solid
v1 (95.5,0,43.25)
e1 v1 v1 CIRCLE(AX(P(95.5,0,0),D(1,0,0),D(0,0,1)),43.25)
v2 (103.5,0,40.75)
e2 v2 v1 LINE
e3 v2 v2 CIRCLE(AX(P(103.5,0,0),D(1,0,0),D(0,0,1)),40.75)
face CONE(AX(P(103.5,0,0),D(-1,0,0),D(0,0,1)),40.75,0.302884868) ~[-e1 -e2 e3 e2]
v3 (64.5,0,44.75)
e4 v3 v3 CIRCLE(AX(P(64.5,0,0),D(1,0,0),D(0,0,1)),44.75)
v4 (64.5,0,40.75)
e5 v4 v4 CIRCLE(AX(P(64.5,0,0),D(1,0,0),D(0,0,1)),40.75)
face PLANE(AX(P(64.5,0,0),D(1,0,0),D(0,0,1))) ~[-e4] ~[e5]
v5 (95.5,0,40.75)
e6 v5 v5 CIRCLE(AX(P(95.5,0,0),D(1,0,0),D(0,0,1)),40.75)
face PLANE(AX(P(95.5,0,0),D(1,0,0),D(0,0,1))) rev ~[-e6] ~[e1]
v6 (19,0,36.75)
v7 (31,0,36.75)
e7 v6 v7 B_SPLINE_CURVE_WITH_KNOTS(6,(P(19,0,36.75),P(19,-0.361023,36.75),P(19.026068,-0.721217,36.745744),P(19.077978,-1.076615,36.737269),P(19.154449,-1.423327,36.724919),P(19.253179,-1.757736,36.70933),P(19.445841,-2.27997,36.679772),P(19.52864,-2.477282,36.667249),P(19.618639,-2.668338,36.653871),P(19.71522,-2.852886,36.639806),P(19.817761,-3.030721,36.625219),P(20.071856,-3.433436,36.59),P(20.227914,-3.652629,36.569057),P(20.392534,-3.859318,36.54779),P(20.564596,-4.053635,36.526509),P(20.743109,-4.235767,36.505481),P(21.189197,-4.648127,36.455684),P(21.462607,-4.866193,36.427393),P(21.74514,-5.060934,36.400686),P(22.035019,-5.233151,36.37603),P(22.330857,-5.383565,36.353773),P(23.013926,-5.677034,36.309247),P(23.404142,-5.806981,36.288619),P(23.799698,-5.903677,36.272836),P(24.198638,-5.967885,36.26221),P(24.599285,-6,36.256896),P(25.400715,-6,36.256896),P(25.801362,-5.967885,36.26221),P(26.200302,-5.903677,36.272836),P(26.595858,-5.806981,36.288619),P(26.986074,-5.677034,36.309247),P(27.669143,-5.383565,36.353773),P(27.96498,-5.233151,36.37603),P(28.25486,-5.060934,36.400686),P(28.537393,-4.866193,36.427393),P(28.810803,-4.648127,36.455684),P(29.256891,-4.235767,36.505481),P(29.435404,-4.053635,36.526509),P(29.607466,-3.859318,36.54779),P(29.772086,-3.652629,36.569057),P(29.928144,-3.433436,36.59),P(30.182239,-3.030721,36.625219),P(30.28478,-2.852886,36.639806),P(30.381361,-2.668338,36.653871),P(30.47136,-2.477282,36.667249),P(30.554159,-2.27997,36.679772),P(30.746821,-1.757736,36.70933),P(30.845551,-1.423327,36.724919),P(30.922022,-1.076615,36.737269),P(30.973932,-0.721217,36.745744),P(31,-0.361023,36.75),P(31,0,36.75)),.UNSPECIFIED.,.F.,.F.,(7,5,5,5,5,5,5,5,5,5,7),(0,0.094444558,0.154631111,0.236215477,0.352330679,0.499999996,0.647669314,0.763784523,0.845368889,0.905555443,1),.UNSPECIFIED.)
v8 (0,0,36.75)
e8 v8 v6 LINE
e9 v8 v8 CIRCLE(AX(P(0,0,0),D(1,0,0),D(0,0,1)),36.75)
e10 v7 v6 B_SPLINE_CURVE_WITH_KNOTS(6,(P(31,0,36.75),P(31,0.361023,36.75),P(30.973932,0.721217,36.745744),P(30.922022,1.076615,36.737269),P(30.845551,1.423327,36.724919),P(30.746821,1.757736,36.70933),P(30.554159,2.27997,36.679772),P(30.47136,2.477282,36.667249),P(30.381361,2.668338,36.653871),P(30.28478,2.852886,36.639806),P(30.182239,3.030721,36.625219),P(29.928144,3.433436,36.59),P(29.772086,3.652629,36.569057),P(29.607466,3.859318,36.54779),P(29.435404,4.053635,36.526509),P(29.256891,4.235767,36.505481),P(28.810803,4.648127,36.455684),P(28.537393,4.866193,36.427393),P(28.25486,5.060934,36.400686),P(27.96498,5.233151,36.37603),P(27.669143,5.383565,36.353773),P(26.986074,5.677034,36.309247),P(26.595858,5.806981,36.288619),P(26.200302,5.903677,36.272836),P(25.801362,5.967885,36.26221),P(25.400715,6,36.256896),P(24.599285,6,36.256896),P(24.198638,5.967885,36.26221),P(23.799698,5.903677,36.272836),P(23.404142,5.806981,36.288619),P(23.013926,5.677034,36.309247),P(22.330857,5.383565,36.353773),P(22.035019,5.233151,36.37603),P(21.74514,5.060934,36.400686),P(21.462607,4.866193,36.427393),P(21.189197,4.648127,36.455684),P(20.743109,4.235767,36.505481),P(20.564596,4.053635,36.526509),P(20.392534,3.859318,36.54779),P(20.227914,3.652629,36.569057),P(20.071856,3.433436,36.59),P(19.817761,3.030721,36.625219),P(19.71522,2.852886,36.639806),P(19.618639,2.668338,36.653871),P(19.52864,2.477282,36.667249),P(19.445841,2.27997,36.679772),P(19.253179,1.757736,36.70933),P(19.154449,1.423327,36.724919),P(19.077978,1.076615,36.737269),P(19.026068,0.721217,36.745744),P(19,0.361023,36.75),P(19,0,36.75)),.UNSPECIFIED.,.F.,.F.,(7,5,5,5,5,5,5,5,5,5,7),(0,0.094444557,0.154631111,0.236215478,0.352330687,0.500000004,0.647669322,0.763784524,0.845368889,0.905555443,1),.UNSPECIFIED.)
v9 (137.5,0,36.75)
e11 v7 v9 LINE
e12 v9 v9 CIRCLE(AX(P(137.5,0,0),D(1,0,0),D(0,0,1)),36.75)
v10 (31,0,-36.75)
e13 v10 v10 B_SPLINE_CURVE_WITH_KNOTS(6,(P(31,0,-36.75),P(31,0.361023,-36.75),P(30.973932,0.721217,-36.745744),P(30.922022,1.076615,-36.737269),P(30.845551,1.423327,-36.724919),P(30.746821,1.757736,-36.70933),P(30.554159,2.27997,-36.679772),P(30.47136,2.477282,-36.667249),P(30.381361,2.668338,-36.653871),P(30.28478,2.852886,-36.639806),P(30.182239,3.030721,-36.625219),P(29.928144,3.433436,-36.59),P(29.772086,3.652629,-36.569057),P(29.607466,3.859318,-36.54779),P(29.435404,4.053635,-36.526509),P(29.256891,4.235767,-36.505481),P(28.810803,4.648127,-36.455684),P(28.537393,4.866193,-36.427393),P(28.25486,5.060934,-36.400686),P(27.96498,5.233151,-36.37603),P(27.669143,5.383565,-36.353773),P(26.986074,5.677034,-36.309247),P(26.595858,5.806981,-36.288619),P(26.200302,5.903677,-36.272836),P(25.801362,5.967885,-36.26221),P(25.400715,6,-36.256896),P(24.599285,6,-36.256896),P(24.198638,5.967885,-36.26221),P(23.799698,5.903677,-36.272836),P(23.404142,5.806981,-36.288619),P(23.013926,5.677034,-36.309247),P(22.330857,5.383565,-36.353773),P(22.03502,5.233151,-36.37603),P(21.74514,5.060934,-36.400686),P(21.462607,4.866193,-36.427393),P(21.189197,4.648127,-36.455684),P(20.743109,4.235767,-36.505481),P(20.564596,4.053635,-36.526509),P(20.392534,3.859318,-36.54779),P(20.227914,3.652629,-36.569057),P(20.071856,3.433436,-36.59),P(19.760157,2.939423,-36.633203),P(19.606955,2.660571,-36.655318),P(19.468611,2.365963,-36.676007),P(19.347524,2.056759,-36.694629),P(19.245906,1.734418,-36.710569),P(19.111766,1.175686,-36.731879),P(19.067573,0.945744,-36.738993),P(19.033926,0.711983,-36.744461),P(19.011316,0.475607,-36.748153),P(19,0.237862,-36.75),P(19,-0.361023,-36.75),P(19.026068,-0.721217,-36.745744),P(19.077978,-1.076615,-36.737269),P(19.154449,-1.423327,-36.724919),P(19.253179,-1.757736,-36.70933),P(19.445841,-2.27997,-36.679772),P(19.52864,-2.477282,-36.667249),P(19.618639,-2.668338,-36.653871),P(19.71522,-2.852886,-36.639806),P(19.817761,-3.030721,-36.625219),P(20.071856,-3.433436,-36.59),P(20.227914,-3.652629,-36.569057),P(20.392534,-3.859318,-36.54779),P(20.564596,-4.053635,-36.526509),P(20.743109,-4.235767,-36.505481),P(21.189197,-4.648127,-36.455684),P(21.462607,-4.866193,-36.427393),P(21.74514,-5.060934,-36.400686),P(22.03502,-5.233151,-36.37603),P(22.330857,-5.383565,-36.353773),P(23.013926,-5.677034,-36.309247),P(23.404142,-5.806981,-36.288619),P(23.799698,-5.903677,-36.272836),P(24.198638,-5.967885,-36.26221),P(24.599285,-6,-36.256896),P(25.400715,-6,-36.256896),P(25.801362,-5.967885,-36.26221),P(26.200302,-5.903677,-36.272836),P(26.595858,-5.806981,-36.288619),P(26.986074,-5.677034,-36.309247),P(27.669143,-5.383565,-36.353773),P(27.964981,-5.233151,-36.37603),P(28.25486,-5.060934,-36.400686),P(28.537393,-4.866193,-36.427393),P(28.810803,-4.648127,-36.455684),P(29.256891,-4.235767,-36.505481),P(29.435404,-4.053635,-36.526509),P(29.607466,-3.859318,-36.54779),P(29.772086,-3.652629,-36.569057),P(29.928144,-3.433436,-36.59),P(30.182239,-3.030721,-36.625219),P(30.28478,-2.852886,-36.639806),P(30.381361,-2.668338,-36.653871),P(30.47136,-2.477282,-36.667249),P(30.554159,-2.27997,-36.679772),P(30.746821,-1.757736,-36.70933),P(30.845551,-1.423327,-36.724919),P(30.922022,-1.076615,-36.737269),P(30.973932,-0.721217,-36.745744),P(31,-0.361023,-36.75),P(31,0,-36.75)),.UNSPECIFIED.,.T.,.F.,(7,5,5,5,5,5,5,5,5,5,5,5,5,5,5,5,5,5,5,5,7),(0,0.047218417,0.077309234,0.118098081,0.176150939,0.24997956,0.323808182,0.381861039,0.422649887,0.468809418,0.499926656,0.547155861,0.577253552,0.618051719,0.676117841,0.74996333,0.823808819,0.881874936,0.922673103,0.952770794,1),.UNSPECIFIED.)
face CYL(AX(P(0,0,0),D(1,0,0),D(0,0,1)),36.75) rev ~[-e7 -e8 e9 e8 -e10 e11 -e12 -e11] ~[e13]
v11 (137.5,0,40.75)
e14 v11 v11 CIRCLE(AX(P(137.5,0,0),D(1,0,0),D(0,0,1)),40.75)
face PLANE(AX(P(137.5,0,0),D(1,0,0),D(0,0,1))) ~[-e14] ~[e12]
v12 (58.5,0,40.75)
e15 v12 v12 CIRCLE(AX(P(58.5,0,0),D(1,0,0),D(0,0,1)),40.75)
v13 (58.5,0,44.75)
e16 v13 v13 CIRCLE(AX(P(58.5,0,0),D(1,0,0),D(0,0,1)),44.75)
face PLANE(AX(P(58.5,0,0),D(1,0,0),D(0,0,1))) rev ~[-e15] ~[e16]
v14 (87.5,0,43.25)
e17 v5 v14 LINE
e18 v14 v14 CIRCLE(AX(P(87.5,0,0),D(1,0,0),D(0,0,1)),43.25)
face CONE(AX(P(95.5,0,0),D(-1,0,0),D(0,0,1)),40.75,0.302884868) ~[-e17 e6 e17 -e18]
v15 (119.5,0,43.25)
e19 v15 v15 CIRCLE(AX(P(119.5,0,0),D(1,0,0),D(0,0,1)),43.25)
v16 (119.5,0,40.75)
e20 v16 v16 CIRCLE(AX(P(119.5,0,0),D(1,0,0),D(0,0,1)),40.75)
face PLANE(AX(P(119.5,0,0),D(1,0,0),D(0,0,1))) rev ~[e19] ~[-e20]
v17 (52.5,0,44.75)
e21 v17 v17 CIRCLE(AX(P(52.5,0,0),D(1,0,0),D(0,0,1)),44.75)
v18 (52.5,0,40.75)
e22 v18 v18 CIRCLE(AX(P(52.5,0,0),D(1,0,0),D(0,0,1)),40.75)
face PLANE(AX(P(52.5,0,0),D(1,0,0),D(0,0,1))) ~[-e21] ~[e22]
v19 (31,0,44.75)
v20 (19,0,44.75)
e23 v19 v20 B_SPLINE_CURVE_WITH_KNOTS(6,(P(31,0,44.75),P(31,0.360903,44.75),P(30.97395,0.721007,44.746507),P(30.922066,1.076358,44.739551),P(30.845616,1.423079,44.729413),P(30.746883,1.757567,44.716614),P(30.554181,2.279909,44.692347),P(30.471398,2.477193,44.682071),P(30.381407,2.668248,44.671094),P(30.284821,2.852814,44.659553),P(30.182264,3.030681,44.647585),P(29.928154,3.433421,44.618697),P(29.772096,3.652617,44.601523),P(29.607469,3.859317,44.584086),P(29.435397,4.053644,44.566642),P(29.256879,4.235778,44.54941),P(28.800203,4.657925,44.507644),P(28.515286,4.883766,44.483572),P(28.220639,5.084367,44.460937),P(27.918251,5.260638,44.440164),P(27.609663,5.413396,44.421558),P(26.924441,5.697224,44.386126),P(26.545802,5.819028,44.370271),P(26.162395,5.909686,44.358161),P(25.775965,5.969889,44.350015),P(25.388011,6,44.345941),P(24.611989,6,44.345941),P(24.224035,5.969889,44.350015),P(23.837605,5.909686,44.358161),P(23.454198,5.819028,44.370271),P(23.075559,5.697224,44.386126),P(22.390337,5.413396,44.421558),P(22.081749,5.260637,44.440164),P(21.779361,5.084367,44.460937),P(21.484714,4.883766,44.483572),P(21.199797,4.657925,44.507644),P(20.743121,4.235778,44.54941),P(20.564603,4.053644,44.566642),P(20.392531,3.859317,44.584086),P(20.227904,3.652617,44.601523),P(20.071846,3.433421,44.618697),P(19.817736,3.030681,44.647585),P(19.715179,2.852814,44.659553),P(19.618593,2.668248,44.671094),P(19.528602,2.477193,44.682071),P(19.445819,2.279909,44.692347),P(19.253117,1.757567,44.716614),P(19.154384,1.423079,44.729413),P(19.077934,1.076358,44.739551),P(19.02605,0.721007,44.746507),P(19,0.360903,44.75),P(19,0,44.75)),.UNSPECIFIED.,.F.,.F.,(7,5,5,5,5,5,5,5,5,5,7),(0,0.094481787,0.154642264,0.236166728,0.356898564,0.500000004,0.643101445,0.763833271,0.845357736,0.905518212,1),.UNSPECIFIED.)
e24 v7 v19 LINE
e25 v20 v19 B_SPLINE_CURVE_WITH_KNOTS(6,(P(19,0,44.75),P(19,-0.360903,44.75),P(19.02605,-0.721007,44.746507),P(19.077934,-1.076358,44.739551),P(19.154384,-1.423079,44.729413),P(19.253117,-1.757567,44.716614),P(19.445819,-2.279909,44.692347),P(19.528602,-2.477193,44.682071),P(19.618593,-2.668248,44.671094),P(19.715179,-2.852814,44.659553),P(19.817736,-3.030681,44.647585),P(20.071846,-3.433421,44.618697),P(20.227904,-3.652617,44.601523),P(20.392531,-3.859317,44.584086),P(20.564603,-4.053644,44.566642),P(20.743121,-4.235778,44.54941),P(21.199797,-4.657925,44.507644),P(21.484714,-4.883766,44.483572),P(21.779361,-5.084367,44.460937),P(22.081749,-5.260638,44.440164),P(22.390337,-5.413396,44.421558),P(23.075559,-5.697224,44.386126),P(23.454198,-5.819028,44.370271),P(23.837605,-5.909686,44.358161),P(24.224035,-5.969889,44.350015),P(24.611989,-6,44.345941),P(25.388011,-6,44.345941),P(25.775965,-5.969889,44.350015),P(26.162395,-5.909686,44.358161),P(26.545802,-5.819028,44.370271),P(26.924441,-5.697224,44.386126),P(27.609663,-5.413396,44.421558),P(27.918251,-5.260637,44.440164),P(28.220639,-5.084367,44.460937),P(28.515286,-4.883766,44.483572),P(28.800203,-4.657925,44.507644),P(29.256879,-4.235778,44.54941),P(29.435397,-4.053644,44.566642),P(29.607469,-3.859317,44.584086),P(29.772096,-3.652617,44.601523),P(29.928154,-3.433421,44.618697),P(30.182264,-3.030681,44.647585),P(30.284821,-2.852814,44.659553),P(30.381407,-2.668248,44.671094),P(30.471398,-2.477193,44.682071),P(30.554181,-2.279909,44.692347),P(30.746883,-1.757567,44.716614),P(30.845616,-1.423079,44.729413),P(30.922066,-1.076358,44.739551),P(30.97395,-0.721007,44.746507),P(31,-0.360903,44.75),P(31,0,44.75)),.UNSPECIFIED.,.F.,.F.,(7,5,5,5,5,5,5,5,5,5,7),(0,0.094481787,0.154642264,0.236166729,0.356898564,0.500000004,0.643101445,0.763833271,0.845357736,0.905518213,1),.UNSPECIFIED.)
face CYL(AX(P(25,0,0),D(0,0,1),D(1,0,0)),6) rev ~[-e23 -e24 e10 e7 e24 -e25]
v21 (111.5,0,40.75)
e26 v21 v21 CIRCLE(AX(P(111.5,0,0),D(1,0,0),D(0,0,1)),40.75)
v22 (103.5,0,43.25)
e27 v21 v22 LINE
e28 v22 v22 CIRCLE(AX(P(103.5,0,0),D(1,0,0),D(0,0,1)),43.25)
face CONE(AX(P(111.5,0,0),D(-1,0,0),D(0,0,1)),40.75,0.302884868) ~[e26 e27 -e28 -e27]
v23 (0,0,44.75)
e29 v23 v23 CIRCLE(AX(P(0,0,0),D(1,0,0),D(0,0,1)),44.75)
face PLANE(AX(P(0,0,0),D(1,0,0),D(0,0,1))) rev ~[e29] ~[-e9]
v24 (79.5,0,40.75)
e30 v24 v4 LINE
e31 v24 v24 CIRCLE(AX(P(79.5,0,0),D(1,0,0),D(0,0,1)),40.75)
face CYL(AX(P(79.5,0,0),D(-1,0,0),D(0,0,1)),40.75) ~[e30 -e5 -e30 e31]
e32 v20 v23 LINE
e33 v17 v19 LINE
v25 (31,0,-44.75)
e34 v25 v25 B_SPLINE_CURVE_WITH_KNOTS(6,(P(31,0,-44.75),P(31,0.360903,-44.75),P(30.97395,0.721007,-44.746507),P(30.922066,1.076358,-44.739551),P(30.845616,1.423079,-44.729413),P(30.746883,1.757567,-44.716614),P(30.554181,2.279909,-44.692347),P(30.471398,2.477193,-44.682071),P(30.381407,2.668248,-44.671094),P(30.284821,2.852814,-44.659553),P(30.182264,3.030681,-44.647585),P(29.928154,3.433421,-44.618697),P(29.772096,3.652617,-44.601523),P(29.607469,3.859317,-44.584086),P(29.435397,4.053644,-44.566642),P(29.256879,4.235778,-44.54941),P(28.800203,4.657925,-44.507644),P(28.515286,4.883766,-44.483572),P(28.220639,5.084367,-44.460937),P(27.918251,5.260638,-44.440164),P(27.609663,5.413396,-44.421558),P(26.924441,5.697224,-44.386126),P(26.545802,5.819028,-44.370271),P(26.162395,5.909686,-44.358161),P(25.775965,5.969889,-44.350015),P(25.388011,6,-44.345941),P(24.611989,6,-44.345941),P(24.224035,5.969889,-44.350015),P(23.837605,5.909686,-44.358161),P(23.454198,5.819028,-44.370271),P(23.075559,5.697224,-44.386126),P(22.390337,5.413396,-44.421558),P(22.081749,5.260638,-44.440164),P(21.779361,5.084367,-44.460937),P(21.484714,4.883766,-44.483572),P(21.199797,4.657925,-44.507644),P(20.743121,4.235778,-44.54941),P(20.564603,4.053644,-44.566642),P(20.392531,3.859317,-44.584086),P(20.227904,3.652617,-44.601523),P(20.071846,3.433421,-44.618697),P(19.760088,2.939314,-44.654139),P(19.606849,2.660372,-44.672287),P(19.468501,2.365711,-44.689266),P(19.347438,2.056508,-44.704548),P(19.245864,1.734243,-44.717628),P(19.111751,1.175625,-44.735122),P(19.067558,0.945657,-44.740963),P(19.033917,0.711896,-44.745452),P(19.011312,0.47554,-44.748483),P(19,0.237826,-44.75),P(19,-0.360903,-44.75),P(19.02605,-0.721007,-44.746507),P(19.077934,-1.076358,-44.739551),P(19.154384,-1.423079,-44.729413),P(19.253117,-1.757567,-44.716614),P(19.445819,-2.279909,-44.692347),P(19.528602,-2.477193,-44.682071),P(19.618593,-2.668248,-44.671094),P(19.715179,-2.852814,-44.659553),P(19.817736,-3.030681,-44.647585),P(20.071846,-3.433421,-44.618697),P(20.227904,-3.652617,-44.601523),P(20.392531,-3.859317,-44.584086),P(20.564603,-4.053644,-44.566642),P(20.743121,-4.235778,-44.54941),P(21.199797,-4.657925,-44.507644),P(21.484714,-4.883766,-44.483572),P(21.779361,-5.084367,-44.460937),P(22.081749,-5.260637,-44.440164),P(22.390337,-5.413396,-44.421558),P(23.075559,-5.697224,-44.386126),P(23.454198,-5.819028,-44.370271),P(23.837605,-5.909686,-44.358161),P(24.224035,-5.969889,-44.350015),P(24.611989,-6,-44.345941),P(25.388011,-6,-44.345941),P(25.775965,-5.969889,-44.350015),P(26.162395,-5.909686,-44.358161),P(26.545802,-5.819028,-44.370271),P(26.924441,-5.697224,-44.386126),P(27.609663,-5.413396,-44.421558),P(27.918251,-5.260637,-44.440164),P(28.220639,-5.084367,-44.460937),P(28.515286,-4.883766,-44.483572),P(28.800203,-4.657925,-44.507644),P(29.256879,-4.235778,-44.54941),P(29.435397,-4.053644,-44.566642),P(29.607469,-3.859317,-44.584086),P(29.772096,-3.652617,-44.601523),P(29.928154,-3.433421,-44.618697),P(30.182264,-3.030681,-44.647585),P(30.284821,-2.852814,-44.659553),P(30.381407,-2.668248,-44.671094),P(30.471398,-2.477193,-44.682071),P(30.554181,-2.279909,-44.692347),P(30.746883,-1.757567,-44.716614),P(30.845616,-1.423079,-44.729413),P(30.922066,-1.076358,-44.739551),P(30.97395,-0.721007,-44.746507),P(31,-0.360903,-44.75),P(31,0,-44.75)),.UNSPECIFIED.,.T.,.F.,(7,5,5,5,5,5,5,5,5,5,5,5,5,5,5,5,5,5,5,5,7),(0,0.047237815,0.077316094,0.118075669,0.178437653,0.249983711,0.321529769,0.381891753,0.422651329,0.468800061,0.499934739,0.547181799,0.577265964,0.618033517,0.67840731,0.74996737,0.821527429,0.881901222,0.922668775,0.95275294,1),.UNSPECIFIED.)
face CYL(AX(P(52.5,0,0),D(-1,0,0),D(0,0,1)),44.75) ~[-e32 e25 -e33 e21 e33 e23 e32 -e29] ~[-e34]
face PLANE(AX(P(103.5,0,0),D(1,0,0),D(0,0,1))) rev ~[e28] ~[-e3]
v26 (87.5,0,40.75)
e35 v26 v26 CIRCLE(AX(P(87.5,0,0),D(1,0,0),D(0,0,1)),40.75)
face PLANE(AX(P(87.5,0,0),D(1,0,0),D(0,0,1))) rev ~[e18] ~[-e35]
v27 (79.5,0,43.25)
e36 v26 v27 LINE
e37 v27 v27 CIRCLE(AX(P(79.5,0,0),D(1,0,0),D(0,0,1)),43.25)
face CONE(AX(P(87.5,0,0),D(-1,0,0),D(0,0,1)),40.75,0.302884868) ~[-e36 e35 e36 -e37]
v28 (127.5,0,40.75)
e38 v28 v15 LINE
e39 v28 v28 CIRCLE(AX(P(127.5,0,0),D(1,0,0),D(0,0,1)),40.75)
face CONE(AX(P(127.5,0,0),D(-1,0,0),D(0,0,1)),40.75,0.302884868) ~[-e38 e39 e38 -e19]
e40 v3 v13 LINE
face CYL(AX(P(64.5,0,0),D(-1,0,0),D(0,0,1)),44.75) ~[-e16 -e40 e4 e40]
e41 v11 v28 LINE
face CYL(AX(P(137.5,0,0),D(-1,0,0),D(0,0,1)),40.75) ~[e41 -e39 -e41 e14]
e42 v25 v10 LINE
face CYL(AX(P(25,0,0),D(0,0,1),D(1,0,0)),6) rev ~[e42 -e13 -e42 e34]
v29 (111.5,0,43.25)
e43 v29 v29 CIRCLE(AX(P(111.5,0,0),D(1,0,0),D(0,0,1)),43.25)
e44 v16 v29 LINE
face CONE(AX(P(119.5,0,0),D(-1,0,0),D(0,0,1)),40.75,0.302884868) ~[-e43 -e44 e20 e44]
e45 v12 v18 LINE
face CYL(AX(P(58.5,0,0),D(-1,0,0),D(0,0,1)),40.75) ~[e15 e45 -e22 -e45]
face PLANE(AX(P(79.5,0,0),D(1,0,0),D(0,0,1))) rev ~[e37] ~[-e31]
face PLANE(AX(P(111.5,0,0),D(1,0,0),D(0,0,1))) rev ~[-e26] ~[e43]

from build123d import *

# Parameters (mm, degrees)
F2_R     = 6
F3_DEPTH = 50


with BuildPart() as f1:
    # F0 (on Front) → F1 (revolve)
    with BuildSketch(Plane.XZ):
        Polygon((0, 44.75), (0, 36.75), (137.5, 36.75), (137.5, 40.75), (127.5, 40.75), (119.5, 43.25), (119.5, 40.75), (111.5, 43.25), (111.5, 40.75), (103.5, 43.25), (103.5, 40.75), (95.5, 43.25), (95.5, 40.75), (87.5, 43.25), (87.5, 40.75), (79.5, 43.25), (79.5, 40.75), (64.5, 40.75), (64.5, 44.75), (58.5, 44.75), (58.5, 40.75), (52.5, 40.75), (52.5, 44.75), align=None)
    revolve(axis=Axis((21.235611, 0, 0), (1, 0, 0)))

    # F2 (on Top) → F3 (cut, symmetric)
    with BuildSketch(Plane.XY):
        with Locations((25, 0)):
            Circle(F2_R)
    extrude(amount=F3_DEPTH, both=True, mode=Mode.SUBTRACT)


solid = f1.part
